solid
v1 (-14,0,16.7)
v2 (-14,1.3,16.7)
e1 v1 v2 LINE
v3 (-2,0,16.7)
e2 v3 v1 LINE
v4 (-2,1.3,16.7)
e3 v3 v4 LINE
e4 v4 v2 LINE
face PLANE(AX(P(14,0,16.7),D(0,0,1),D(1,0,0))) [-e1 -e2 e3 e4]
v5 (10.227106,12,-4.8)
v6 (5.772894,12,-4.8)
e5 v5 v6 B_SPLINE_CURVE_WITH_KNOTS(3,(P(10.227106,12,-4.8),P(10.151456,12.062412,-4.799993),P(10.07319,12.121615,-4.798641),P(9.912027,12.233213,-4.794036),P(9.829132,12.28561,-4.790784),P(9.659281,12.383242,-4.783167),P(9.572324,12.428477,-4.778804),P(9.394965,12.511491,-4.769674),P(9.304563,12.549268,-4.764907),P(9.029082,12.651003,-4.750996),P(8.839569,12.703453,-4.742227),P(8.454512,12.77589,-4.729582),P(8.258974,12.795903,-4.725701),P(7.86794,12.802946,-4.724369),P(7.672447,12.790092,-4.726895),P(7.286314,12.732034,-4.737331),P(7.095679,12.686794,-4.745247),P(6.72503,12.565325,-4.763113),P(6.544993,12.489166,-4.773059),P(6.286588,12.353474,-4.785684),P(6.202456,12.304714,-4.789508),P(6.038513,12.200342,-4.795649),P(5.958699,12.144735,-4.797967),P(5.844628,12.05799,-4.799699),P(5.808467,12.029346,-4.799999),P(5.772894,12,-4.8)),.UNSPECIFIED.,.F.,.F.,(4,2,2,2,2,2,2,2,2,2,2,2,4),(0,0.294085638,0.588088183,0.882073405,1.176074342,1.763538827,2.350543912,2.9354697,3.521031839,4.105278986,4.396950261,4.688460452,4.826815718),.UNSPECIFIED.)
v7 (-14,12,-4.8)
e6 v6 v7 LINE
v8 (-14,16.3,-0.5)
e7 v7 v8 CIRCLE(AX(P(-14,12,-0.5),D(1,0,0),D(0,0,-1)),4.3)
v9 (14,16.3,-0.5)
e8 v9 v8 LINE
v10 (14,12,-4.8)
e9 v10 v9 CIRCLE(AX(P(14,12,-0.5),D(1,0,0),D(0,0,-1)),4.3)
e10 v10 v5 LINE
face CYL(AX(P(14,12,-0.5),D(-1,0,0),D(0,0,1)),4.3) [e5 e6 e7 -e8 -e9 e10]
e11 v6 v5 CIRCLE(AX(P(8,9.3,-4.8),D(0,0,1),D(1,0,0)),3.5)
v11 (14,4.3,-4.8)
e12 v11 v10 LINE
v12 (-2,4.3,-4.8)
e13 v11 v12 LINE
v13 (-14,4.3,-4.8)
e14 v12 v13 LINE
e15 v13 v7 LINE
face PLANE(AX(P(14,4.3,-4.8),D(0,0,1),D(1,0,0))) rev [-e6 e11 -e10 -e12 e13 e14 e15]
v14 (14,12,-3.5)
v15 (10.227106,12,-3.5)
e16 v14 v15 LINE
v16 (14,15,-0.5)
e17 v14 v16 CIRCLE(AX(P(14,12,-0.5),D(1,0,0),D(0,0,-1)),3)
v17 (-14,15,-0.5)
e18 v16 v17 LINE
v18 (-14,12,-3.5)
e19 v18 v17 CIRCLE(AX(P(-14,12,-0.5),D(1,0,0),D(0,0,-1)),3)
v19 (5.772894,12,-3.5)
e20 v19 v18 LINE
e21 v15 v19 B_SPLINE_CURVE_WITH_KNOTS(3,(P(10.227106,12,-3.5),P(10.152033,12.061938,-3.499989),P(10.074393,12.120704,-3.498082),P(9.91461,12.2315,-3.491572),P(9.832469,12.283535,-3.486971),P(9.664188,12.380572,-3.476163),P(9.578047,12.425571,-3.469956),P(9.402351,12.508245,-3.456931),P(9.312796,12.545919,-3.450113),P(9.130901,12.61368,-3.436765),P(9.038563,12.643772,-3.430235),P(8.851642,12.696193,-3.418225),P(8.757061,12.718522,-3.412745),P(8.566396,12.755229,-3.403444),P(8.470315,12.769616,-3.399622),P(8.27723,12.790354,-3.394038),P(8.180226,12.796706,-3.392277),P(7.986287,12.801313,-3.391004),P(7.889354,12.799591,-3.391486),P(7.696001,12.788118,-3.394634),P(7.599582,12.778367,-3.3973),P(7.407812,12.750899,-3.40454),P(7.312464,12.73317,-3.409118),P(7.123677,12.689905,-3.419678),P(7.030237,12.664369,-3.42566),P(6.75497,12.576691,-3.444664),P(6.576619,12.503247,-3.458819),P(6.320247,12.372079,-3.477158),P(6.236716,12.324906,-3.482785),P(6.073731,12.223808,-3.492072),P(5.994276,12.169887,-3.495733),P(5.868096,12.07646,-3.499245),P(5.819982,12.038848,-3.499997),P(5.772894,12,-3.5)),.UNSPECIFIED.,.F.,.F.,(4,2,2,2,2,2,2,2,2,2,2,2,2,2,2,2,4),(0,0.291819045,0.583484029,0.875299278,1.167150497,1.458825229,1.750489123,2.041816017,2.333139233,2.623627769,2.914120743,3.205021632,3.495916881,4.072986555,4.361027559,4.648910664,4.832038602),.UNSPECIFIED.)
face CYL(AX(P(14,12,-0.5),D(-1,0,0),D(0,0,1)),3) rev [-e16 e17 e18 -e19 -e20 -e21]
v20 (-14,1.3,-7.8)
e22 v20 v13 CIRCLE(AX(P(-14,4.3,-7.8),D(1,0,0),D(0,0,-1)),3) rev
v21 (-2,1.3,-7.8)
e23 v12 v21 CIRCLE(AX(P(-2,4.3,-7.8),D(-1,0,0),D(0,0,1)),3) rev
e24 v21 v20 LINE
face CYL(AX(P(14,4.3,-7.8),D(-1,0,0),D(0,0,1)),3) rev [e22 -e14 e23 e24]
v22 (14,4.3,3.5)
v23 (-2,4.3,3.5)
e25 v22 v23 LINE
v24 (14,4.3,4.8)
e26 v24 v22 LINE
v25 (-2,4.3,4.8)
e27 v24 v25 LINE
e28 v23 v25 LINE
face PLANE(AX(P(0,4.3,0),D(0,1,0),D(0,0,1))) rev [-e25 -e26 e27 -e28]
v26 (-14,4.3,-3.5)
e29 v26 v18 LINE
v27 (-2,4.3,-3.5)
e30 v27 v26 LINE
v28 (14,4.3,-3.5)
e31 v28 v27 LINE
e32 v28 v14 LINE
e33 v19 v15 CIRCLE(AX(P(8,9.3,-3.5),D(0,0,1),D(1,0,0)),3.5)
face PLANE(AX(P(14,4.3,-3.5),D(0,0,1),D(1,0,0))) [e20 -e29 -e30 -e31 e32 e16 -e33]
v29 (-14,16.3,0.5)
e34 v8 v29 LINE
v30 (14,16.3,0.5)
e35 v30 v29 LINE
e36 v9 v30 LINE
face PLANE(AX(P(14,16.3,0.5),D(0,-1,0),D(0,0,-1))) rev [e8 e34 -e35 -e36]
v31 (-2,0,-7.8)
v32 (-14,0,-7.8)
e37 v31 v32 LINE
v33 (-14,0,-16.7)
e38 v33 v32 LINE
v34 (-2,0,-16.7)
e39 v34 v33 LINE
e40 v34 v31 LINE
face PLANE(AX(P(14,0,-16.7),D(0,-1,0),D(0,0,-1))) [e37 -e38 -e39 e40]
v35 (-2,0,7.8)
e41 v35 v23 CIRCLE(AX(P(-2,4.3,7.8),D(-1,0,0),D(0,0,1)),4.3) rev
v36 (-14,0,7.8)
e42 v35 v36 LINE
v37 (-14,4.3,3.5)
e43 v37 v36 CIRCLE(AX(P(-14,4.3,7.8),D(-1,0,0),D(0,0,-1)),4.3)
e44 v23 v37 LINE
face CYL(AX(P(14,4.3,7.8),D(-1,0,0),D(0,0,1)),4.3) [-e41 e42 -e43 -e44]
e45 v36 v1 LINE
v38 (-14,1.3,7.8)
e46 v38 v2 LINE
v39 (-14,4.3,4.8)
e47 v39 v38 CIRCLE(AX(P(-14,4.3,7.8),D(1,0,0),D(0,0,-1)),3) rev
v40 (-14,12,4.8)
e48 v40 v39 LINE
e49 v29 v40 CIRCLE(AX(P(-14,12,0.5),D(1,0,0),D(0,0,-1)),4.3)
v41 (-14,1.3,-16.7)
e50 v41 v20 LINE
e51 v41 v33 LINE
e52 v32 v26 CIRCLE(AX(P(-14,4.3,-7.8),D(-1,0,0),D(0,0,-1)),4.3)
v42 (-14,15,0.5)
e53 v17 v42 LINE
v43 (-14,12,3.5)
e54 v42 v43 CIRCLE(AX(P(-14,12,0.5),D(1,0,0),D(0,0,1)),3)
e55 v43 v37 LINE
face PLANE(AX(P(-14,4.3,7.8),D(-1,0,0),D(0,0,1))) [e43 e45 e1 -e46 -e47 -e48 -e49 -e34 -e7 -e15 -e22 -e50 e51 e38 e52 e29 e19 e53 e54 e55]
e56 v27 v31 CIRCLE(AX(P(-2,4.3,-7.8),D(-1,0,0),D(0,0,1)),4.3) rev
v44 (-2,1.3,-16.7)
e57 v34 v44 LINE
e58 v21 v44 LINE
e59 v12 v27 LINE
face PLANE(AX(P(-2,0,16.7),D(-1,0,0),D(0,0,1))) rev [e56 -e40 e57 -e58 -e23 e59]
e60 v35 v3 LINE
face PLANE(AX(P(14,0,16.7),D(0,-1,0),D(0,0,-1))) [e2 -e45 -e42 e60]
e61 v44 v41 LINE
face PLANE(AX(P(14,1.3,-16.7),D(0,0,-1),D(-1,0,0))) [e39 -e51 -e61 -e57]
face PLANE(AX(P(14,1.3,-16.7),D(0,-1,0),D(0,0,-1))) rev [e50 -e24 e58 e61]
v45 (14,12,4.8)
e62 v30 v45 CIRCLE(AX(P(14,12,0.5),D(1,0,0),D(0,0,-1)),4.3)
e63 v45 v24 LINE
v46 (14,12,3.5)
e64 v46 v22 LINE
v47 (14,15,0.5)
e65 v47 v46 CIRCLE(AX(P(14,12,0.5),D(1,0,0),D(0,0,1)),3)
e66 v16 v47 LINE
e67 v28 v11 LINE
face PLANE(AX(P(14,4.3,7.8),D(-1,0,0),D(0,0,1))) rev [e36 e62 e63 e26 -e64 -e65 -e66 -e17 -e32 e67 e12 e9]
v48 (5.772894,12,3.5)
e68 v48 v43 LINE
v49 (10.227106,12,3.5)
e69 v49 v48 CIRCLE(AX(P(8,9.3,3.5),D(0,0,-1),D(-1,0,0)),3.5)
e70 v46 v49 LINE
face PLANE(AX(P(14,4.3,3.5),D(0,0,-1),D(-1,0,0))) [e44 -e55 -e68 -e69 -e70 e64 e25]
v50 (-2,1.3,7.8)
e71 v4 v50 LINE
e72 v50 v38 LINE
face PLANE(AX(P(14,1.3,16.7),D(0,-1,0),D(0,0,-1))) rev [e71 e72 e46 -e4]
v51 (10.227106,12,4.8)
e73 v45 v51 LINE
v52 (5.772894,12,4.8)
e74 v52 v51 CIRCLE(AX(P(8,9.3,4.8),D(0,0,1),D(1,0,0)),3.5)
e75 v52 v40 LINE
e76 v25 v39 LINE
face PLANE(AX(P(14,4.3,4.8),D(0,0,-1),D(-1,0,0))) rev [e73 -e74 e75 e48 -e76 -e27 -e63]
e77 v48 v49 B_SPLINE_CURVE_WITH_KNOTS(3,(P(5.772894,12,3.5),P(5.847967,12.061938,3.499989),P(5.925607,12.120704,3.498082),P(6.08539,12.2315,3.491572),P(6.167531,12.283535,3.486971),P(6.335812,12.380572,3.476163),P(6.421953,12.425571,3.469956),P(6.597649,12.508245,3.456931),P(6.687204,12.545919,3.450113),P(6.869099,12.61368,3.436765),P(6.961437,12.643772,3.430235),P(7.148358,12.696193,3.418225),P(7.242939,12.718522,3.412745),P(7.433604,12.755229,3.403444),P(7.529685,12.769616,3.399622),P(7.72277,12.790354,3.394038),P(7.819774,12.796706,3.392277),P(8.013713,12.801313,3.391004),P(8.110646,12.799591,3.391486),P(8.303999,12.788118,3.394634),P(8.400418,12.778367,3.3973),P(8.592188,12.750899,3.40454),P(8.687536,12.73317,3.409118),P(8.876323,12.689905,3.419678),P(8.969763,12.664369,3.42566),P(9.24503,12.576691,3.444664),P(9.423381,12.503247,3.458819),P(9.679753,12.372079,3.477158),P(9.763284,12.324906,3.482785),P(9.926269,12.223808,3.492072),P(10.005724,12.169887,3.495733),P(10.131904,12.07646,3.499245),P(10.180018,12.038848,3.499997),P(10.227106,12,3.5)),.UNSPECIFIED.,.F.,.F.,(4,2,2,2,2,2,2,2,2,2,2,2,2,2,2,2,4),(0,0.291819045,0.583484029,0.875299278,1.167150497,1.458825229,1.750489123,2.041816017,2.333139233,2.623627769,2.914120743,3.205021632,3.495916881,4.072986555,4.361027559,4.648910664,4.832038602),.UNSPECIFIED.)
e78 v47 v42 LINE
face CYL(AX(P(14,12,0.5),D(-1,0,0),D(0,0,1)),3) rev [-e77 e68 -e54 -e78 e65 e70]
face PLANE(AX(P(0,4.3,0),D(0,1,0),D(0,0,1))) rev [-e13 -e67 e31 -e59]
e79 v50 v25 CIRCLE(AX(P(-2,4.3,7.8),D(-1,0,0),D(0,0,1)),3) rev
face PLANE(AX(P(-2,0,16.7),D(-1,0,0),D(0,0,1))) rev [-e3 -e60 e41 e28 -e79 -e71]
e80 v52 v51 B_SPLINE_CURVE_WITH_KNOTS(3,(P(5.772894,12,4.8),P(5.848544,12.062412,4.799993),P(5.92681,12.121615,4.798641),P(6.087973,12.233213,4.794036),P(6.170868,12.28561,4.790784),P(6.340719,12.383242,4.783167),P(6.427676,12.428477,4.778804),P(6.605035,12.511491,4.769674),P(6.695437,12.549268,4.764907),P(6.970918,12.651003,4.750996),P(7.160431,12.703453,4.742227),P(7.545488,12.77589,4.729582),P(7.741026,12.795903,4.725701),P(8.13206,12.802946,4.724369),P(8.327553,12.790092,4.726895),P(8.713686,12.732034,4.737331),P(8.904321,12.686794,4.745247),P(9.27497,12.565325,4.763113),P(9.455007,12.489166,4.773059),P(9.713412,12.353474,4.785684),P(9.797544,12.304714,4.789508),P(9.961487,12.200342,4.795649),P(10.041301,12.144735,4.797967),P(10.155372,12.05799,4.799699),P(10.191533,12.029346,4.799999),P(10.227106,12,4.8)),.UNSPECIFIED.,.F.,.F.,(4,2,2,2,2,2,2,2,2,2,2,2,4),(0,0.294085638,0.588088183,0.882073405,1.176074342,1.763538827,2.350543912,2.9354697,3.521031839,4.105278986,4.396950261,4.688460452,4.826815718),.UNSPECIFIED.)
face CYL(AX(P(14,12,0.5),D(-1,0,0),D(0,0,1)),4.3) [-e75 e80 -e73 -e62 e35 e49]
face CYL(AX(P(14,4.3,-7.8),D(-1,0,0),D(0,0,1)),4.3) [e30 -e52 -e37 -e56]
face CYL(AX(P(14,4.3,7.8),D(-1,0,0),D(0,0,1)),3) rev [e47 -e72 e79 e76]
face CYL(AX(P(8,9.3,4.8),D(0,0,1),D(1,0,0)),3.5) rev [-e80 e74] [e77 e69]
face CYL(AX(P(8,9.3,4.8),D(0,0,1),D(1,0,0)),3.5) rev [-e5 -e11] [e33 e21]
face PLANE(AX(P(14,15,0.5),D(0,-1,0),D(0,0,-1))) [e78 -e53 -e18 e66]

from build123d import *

# Parameters (mm, degrees)
EXTRUDE_1_DEPTH       = 14
CUT_EXTRUDE_START     = 3
SKETCH_3_W            = 16
SKETCH_3_H            = 33.4
CUT_EXTRUDE_1_DEPTH   = 30.455434224
HOLE_WIZARD_7_0_7_1_D = 7


with BuildPart() as part:
    # 草图1 → 拉伸-薄壁1 (new, symmetric)
    with BuildSketch(Plane(origin=(0, 0, 0), x_dir=(0, 0, -1), z_dir=(1, 0, 0))):
        with BuildLine():
            Line((-16.7, 0), (-7.8, 0))
            ThreePointArc((-7.8, 0), (-4.759440841, 1.259440841), (-3.5, 4.3))
            Line((-3.5, 4.3), (-3.5, 12))
            ThreePointArc((-3.5, 12), (-2.621320344, 14.121320344), (-0.5, 15))
            Line((-0.5, 15), (0.5, 15))
            ThreePointArc((0.5, 15), (2.621320344, 14.121320344), (3.5, 12))
            Line((3.5, 12), (3.5, 4.3))
            ThreePointArc((3.5, 4.3), (4.759440841, 1.259440841), (7.8, 0))
            Line((7.8, 0), (16.7, 0))
            Line((16.7, 0), (16.7, 1.3))
            Line((16.7, 1.3), (7.8, 1.3))
            ThreePointArc((7.8, 1.3), (5.678679656, 2.178679656), (4.8, 4.3))
            Line((4.8, 4.3), (4.8, 12))
            ThreePointArc((4.8, 12), (3.540559159, 15.040559159), (0.5, 16.3))
            Line((0.5, 16.3), (-0.5, 16.3))
            ThreePointArc((-0.5, 16.3), (-3.540559159, 15.040559159), (-4.8, 12))
            Line((-4.8, 12), (-4.8, 4.3))
            ThreePointArc((-4.8, 4.3), (-5.678679656, 2.178679656), (-7.8, 1.3))
            Line((-7.8, 1.3), (-16.7, 1.3))
            Line((-16.7, 1.3), (-16.7, 0))
        make_face()
    extrude(amount=EXTRUDE_1_DEPTH, both=True)

    # 草图3 → 切除-拉伸1 (cut, through all)
    with BuildSketch(Plane(origin=(0, 1.3, 0), x_dir=(1, 0, 0), z_dir=(0, 1, 0)).offset(CUT_EXTRUDE_START)):
        with Locations((6, 0)):
            Rectangle(SKETCH_3_W, SKETCH_3_H)
    extrude(amount=-CUT_EXTRUDE_1_DEPTH, mode=Mode.SUBTRACT)

    # Ø7.0 (7) 直径孔1 (through all)
    with Locations(Plane.XY.offset(4.8)):
        with Locations((8, 9.3)):
            Hole(HOLE_WIZARD_7_0_7_1_D / 2)


solid = part.part
